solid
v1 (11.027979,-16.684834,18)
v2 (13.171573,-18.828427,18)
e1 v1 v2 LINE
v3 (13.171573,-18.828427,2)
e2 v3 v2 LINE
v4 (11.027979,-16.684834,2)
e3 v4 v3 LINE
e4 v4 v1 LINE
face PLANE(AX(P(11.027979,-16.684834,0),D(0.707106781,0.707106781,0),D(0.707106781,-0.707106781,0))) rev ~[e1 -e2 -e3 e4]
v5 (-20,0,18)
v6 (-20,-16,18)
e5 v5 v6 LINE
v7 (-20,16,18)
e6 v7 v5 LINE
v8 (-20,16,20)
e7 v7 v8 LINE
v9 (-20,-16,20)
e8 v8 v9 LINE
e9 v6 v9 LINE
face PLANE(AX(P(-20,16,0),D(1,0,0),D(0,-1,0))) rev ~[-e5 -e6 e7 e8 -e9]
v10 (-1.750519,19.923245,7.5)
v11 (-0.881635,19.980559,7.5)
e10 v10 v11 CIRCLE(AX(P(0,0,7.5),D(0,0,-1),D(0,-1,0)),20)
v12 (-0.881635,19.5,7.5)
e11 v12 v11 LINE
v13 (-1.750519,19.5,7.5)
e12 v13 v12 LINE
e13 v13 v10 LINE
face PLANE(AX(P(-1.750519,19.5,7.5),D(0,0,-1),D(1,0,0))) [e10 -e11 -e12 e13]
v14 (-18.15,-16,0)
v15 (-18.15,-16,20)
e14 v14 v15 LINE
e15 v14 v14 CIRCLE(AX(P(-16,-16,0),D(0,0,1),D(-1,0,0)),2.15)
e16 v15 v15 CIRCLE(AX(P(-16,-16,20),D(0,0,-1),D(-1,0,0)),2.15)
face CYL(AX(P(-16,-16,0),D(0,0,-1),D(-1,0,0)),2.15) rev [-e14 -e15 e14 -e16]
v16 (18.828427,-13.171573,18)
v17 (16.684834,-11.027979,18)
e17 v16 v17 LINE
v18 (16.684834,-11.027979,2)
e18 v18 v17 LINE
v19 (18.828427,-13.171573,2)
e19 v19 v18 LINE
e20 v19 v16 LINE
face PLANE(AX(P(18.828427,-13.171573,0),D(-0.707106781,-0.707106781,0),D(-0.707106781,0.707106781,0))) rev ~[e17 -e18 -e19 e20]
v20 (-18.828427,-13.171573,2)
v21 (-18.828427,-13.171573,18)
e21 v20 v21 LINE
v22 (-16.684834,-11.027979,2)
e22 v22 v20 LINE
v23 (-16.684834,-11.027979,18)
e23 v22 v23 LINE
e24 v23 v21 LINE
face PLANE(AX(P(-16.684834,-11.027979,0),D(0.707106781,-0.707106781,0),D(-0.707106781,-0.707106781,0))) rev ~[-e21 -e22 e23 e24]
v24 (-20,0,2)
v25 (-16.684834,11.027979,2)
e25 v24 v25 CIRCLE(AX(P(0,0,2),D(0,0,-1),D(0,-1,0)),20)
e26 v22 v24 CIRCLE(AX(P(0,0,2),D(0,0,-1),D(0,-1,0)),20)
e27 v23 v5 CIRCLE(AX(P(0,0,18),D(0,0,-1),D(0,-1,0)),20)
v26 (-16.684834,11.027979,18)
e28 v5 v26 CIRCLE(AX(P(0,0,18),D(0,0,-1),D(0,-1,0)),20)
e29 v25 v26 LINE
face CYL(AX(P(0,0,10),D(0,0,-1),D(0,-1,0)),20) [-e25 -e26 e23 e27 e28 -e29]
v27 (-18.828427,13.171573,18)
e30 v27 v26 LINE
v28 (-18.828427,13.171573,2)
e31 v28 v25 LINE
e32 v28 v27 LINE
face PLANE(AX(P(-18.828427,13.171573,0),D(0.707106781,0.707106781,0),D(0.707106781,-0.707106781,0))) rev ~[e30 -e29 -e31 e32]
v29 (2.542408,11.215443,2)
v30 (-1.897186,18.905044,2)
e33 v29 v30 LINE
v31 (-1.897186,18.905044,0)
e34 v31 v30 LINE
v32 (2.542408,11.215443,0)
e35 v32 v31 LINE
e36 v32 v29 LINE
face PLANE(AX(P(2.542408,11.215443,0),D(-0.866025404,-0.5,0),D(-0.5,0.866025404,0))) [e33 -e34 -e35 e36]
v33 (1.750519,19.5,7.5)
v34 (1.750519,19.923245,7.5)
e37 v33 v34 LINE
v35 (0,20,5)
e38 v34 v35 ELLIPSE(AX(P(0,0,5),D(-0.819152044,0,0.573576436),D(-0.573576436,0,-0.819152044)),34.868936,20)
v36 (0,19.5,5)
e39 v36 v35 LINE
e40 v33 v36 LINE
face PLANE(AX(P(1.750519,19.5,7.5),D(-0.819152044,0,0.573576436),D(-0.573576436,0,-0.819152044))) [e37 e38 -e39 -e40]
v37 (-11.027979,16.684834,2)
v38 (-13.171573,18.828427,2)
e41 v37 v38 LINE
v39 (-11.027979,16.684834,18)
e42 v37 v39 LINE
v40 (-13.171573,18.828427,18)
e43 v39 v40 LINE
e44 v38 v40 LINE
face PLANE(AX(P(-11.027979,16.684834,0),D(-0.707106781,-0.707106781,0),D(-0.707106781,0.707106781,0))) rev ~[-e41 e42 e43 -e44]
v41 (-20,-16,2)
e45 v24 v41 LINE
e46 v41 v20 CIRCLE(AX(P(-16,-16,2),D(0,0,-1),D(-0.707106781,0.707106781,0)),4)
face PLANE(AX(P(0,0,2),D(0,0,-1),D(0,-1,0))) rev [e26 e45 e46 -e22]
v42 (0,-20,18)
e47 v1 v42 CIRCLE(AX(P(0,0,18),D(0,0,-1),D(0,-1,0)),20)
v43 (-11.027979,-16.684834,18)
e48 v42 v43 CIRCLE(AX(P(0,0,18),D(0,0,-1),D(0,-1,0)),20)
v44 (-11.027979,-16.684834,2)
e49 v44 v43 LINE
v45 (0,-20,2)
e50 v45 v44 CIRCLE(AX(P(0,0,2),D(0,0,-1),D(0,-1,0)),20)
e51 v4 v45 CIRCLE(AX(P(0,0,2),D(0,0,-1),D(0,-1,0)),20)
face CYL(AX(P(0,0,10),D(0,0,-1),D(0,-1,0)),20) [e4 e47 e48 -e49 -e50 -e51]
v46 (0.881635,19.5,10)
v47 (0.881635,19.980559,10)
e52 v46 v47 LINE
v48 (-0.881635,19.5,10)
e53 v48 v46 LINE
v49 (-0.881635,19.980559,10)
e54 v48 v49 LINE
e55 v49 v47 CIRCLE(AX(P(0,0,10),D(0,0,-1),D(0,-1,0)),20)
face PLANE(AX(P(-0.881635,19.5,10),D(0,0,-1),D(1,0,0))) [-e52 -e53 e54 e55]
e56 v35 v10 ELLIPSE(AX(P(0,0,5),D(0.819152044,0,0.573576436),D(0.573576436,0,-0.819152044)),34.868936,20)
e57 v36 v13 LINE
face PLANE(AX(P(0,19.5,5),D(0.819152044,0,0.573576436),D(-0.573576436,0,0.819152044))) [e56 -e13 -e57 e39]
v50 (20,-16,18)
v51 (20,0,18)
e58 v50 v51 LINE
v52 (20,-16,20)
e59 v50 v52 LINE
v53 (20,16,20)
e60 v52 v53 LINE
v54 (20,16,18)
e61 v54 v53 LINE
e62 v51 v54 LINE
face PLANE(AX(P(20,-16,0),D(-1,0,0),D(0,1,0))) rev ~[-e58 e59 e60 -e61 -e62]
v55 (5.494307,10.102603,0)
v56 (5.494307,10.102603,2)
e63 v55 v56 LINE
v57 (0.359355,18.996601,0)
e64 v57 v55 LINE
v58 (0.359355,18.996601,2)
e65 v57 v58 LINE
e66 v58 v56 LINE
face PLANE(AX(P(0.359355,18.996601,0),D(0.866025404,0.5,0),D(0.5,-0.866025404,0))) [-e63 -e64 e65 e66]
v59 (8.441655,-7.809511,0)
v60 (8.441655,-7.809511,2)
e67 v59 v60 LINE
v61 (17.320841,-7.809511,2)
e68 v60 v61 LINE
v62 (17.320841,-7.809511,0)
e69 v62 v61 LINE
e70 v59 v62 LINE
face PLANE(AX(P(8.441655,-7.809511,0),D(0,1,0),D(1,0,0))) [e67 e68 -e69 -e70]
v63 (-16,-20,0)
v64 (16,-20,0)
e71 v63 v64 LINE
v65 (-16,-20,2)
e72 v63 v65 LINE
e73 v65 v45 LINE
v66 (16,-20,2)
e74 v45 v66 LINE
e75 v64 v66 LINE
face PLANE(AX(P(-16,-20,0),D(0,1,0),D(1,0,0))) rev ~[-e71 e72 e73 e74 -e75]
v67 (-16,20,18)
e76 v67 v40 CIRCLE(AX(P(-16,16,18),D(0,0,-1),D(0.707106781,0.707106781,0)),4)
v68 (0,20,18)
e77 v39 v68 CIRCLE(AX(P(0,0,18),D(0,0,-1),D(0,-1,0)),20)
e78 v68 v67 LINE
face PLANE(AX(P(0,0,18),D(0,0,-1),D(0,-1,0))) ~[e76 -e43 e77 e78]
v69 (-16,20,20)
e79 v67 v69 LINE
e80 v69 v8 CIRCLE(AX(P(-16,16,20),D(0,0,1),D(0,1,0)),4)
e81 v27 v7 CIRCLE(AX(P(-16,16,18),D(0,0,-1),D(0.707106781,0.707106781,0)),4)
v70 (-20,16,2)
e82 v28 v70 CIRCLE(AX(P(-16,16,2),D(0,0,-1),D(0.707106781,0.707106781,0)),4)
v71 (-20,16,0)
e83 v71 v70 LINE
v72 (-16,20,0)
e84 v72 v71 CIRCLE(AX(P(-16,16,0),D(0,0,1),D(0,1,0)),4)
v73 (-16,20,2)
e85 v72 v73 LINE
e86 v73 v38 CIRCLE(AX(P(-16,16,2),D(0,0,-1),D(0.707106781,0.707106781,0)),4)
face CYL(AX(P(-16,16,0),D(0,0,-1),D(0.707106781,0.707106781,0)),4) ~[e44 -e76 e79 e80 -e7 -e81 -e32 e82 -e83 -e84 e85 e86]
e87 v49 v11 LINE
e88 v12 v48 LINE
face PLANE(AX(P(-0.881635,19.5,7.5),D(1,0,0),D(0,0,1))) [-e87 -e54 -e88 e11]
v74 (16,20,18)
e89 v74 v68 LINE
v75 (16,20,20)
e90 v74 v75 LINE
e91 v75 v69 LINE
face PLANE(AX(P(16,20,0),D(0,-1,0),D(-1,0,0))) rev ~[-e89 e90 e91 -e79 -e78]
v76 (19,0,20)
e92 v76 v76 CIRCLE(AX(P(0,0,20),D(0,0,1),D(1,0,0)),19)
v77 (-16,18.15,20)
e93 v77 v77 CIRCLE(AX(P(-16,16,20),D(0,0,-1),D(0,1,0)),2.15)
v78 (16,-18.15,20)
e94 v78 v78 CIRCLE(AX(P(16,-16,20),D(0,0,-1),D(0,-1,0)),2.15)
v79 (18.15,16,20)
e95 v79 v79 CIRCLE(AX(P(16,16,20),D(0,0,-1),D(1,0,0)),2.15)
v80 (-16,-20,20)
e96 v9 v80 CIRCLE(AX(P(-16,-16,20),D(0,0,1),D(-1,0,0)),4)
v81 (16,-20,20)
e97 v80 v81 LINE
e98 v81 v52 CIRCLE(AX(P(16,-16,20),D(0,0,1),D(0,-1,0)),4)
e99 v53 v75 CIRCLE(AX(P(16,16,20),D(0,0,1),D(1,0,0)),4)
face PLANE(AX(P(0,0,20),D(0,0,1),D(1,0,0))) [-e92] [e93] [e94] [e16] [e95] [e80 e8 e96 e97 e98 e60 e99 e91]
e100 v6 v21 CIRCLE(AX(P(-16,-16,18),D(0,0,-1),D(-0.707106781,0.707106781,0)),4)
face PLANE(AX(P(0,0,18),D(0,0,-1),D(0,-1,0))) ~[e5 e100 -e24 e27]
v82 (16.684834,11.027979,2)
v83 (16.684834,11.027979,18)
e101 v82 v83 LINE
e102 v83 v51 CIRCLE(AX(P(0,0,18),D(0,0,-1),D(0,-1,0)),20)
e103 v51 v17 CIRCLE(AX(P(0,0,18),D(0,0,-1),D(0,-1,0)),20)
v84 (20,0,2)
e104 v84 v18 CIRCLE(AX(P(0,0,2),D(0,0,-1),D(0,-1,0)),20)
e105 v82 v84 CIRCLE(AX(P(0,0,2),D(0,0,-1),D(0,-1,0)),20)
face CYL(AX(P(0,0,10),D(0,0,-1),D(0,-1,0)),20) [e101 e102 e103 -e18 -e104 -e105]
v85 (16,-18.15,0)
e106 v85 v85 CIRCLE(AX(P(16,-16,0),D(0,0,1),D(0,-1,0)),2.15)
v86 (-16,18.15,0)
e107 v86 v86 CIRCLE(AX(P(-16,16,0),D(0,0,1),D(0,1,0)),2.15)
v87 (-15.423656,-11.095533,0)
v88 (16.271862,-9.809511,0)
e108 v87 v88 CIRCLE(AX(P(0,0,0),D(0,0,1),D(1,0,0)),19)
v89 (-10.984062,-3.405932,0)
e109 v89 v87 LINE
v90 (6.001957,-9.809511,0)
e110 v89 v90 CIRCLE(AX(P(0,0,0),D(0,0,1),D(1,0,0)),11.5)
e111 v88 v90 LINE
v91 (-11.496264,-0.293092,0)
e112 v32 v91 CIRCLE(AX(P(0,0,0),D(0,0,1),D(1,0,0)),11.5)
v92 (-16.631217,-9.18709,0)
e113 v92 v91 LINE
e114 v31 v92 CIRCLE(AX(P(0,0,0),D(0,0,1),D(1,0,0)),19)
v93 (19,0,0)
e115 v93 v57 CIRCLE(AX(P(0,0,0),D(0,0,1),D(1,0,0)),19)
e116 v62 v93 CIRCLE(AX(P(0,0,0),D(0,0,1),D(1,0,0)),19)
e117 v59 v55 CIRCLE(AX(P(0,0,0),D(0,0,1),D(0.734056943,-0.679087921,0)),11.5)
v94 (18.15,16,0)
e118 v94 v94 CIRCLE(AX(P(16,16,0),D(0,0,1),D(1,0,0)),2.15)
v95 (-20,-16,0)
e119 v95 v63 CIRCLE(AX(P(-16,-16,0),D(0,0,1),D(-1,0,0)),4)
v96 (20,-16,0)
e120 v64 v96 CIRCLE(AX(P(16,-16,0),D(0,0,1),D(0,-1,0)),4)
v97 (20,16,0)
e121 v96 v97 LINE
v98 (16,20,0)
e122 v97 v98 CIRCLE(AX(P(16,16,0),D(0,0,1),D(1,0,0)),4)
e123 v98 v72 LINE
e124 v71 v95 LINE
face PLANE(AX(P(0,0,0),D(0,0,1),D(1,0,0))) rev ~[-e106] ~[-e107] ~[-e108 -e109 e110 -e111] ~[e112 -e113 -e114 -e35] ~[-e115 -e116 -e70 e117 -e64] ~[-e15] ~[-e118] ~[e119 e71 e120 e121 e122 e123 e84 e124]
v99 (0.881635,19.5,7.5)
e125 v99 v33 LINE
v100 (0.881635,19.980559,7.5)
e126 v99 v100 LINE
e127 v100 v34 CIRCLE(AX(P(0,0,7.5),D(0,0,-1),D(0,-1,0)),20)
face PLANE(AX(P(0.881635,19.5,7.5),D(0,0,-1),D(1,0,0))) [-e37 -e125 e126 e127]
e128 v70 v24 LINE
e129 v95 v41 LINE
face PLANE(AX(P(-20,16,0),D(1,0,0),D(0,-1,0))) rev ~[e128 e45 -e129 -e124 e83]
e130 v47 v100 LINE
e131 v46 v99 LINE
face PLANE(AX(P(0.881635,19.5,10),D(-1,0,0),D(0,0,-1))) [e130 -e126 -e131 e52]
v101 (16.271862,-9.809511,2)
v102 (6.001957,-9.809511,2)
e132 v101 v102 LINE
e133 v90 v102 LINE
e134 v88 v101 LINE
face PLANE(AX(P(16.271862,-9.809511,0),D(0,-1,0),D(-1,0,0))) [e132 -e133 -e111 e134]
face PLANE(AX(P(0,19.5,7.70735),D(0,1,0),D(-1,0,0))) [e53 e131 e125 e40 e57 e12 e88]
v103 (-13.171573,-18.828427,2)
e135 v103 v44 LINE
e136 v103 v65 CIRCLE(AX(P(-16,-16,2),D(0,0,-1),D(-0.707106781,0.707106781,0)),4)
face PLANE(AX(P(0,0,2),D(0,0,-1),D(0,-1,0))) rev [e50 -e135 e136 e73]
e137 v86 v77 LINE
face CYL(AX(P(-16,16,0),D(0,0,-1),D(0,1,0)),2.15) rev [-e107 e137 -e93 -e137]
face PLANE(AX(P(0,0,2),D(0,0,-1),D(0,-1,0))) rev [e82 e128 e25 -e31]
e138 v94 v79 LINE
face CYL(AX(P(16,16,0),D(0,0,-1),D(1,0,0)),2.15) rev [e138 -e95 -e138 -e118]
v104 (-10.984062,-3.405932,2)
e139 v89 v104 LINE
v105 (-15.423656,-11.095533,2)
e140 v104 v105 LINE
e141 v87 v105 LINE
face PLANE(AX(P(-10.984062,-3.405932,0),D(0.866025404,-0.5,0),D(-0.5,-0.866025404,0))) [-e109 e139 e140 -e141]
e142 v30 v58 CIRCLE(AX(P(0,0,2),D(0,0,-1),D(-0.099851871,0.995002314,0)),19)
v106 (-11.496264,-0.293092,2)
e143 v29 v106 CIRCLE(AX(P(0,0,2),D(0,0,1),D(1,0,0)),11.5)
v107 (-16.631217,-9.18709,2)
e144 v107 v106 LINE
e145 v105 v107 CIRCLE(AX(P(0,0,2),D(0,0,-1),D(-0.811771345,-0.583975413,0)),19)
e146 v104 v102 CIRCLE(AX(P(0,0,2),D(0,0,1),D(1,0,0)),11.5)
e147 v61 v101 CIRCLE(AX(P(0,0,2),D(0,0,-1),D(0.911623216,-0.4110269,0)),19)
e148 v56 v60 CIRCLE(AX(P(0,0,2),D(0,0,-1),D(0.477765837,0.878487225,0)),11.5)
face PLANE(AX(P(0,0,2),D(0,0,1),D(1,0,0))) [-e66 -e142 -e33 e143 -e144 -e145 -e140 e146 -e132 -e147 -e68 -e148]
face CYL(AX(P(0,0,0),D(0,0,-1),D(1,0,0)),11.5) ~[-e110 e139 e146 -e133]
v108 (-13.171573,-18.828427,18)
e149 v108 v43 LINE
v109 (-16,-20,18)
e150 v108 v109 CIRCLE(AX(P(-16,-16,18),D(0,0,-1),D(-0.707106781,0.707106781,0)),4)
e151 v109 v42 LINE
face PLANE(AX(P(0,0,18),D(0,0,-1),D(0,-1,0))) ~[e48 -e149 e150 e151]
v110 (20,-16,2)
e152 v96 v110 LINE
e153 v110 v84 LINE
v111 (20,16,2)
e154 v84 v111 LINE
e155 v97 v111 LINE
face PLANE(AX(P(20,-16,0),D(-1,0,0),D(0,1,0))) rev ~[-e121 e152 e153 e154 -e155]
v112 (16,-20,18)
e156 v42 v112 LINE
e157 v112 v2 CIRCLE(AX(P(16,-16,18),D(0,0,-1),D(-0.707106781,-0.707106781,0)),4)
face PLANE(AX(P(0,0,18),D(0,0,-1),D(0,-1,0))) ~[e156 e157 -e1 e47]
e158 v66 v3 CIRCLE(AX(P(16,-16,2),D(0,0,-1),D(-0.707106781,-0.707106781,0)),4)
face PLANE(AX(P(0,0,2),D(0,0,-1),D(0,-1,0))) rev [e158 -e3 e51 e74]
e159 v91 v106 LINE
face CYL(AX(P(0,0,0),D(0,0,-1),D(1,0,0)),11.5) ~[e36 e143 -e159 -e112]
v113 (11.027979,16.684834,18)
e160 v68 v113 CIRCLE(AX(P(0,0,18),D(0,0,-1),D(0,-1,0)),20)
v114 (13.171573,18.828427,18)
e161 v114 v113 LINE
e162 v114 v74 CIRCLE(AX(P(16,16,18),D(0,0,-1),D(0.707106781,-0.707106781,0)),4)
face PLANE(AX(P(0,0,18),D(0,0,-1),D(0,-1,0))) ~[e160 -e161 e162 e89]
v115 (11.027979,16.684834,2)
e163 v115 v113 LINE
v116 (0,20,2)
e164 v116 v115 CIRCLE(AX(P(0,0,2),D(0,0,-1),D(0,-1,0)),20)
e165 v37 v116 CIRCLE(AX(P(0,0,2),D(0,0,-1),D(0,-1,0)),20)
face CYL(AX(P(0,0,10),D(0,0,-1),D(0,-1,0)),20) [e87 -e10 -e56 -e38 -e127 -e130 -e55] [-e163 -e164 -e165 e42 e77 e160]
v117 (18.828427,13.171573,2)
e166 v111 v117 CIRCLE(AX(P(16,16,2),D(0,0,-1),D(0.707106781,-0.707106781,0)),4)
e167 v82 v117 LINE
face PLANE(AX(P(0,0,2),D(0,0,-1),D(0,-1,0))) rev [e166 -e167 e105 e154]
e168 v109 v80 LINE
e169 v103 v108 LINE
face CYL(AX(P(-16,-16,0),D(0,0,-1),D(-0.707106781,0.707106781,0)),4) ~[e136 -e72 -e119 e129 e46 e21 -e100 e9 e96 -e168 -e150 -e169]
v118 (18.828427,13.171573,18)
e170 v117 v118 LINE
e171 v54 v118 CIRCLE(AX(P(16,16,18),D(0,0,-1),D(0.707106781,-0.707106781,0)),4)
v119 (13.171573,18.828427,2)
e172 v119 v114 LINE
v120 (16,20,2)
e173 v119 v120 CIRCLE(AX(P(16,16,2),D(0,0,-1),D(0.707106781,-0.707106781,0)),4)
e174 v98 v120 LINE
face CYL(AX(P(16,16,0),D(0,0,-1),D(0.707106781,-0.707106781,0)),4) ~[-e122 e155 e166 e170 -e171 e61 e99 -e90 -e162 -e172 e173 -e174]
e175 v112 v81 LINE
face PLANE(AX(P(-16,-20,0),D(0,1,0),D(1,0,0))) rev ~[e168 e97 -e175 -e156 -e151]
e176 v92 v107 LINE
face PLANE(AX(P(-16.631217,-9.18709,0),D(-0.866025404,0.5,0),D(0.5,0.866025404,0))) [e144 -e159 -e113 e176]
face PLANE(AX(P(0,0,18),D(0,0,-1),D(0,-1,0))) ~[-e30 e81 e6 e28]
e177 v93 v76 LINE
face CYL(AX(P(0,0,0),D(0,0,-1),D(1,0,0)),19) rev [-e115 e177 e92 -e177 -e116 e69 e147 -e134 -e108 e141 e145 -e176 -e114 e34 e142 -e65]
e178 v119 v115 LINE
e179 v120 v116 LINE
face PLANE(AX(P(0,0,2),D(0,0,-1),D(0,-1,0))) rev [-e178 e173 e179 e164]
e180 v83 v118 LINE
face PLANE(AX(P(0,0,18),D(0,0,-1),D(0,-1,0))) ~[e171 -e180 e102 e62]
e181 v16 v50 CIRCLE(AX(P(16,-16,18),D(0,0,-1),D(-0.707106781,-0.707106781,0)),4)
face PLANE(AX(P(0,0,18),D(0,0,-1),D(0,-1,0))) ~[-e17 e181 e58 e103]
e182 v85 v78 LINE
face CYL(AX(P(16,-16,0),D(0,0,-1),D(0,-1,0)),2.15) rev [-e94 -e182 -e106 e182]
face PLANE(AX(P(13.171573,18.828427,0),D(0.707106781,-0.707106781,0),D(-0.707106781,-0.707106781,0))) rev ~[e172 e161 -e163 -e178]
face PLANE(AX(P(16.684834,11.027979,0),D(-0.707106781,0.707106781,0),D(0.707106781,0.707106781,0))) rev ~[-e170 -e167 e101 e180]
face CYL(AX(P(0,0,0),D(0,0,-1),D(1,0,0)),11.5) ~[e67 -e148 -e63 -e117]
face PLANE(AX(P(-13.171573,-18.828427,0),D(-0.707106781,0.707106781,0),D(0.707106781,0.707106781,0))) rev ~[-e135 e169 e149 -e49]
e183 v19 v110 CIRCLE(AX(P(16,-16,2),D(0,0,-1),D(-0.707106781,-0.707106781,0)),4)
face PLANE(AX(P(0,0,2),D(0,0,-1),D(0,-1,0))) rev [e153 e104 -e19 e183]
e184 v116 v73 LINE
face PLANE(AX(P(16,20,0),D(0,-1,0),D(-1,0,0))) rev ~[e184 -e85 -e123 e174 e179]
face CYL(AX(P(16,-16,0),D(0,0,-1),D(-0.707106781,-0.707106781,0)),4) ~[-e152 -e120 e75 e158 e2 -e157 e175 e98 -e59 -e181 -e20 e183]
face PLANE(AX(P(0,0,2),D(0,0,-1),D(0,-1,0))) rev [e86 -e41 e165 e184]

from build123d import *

# Parameters (mm, degrees)
SKETCH_BODY_R                       = 19
BODY_DEPTH                          = 20
SKETCH_CUT_BODY_W                   = 16
SKETCH_CUT_BODY_H                   = 6.627416998
REINFORCMENT_STRIP_REACH            = 36.641
CIRPATTERN_REINFORCMENT_STRIP_COUNT = 4
SKETCH_FIXING_HOLE_R                = 2.15
FIXING_HOLE_DEPTH                   = 35.641016151
CIRPATTERN_FIXING_HOLE_COUNT        = 4
BONE_DEPTH                          = 2
CIRPATTERN_BONE_COUNT               = 3
SKETCH_FIXING_PLATE_FAN_R           = 11.5
FIXING_PLATE_FAN_DEPTH              = 2
AIR_EXHAUST_DEPTH                   = 49.582404222


with BuildPart() as part:
    # Sketch-Body → Body (new body)
    with BuildSketch(Plane.XY):
        with BuildLine():
            Line((-16, -20), (16, -20))
            ThreePointArc((16, -20), (18.828427125, -18.828427125), (20, -16))
            Line((20, -16), (20, 16))
            ThreePointArc((20, 16), (18.828427125, 18.828427125), (16, 20))
            Line((16, 20), (-16, 20))
            ThreePointArc((-16, 20), (-18.828427125, 18.828427125), (-20, 16))
            Line((-20, 16), (-20, -16))
            ThreePointArc((-20, -16), (-18.828427125, -18.828427125), (-16, -20))
        make_face()
        Circle(SKETCH_BODY_R, mode=Mode.SUBTRACT)
    extrude(amount=BODY_DEPTH)

    # Sketch-Cut-Body → Cut-Body (revolve, cut)
    with BuildSketch(Plane(origin=(0, 0, 0), x_dir=(0, 0, -1), z_dir=(1, 0, 0)), mode=Mode.PRIVATE) as cut_body_sk:
        with Locations((-10, 23.313708499)):
            Rectangle(SKETCH_CUT_BODY_W, SKETCH_CUT_BODY_H)
    revolve(cut_body_sk.sketch.rotate(Axis((0, 0, 20), (0, 0, -1)), 180), axis=Axis((0, 0, 20), (0, 0, -1)), mode=Mode.SUBTRACT)

    # Sketch-Reinforcment-Strip → Reinforcment-Strip (add, up to next)
    with BuildSketch(Plane.XY, mode=Mode.PRIVATE) as reinforcment_strip_sk1:
        with BuildLine():
            Line((16.684833585, 11.027979336), (18.828427125, 13.171572875))
            ThreePointArc((18.828427125, 13.171572875), (18.828427125, 18.828427125), (13.171572875, 18.828427125))
            Line((13.171572875, 18.828427125), (11.027979336, 16.684833585))
            ThreePointArc((11.027979336, 16.684833585), (14.142135624, 14.142135624), (16.684833585, 11.027979336))
        make_face()
    reinforcment_strip_tool1 = extrude(reinforcment_strip_sk1.sketch, amount=REINFORCMENT_STRIP_REACH, mode=Mode.PRIVATE) - part.part
    reinforcment_strip = reinforcment_strip_tool1.solids().sort_by_distance((16.181232, 16.181232, 0))[0]
    add(reinforcment_strip)

    # CirPattern-Reinforcment-Strip: Reinforcment-Strip ×4 about axis
    cirpattern_reinforcment_strip_axis = Axis((0, 0, 0), (0, 0, 1))
    for i in range(1, CIRPATTERN_REINFORCMENT_STRIP_COUNT):
        add(reinforcment_strip.rotate(cirpattern_reinforcment_strip_axis, i * 360 / CIRPATTERN_REINFORCMENT_STRIP_COUNT))

    # Sketch-Fixing-Hole → Fixing-Hole (cut, through all)
    with BuildSketch(Plane.XY):
        with Locations((16, 16)):
            Circle(SKETCH_FIXING_HOLE_R)
    fixing_hole = extrude(amount=FIXING_HOLE_DEPTH, mode=Mode.SUBTRACT)

    # CirPattern-Fixing-Hole: Fixing-Hole ×4 about axis
    cirpattern_fixing_hole_axis = Axis((0, 0, 0), (0, 0, 1))
    for i in range(1, CIRPATTERN_FIXING_HOLE_COUNT):
        add(fixing_hole.rotate(cirpattern_fixing_hole_axis, i * 360 / CIRPATTERN_FIXING_HOLE_COUNT), mode=Mode.SUBTRACT)

    # Sketch-Bone → Bone (add)
    with BuildSketch(Plane.XY):
        with BuildLine():
            Line((-10.98406242, -3.405931994), (-15.423655551, -11.09553286))
            ThreePointArc((-15.423655551, -11.09553286), (-16.055816657, -10.159269239), (-16.631216794, -9.187090287))
            Line((-16.631216794, -9.187090287), (-11.496264484, -0.293091992))
            ThreePointArc((-11.496264484, -0.293091992), (-11.347410174, -1.867158898), (-10.98406242, -3.405931994))
        make_face()
    bone = extrude(amount=BONE_DEPTH)

    # CirPattern-Bone: Bone ×3 about axis
    cirpattern_bone_axis = Axis((0, 0, 0), (0, 0, 1))
    for i in range(1, CIRPATTERN_BONE_COUNT):
        add(bone.rotate(cirpattern_bone_axis, i * 360 / CIRPATTERN_BONE_COUNT))

    # Sketch-Fixing-Plate-Fan → Fixing-Plate-Fan (add)
    with BuildSketch(Plane.XY):
        Circle(SKETCH_FIXING_PLATE_FAN_R)
    extrude(amount=FIXING_PLATE_FAN_DEPTH)

    # Sketch2 → Air-Exhaust (cut, through all)
    with BuildSketch(Plane(origin=(0, 19.5, 0), x_dir=(-1, 0, 0), z_dir=(0, 1, 0))):
        Polygon((-1.750518846, 7.5), (0, 5), (1.750518846, 7.5), (0.881634904, 7.5), (0.881634904, 10), (-0.881634904, 10), (-0.881634904, 7.5), align=None)
    extrude(amount=AIR_EXHAUST_DEPTH, mode=Mode.SUBTRACT)


solid = part.part
